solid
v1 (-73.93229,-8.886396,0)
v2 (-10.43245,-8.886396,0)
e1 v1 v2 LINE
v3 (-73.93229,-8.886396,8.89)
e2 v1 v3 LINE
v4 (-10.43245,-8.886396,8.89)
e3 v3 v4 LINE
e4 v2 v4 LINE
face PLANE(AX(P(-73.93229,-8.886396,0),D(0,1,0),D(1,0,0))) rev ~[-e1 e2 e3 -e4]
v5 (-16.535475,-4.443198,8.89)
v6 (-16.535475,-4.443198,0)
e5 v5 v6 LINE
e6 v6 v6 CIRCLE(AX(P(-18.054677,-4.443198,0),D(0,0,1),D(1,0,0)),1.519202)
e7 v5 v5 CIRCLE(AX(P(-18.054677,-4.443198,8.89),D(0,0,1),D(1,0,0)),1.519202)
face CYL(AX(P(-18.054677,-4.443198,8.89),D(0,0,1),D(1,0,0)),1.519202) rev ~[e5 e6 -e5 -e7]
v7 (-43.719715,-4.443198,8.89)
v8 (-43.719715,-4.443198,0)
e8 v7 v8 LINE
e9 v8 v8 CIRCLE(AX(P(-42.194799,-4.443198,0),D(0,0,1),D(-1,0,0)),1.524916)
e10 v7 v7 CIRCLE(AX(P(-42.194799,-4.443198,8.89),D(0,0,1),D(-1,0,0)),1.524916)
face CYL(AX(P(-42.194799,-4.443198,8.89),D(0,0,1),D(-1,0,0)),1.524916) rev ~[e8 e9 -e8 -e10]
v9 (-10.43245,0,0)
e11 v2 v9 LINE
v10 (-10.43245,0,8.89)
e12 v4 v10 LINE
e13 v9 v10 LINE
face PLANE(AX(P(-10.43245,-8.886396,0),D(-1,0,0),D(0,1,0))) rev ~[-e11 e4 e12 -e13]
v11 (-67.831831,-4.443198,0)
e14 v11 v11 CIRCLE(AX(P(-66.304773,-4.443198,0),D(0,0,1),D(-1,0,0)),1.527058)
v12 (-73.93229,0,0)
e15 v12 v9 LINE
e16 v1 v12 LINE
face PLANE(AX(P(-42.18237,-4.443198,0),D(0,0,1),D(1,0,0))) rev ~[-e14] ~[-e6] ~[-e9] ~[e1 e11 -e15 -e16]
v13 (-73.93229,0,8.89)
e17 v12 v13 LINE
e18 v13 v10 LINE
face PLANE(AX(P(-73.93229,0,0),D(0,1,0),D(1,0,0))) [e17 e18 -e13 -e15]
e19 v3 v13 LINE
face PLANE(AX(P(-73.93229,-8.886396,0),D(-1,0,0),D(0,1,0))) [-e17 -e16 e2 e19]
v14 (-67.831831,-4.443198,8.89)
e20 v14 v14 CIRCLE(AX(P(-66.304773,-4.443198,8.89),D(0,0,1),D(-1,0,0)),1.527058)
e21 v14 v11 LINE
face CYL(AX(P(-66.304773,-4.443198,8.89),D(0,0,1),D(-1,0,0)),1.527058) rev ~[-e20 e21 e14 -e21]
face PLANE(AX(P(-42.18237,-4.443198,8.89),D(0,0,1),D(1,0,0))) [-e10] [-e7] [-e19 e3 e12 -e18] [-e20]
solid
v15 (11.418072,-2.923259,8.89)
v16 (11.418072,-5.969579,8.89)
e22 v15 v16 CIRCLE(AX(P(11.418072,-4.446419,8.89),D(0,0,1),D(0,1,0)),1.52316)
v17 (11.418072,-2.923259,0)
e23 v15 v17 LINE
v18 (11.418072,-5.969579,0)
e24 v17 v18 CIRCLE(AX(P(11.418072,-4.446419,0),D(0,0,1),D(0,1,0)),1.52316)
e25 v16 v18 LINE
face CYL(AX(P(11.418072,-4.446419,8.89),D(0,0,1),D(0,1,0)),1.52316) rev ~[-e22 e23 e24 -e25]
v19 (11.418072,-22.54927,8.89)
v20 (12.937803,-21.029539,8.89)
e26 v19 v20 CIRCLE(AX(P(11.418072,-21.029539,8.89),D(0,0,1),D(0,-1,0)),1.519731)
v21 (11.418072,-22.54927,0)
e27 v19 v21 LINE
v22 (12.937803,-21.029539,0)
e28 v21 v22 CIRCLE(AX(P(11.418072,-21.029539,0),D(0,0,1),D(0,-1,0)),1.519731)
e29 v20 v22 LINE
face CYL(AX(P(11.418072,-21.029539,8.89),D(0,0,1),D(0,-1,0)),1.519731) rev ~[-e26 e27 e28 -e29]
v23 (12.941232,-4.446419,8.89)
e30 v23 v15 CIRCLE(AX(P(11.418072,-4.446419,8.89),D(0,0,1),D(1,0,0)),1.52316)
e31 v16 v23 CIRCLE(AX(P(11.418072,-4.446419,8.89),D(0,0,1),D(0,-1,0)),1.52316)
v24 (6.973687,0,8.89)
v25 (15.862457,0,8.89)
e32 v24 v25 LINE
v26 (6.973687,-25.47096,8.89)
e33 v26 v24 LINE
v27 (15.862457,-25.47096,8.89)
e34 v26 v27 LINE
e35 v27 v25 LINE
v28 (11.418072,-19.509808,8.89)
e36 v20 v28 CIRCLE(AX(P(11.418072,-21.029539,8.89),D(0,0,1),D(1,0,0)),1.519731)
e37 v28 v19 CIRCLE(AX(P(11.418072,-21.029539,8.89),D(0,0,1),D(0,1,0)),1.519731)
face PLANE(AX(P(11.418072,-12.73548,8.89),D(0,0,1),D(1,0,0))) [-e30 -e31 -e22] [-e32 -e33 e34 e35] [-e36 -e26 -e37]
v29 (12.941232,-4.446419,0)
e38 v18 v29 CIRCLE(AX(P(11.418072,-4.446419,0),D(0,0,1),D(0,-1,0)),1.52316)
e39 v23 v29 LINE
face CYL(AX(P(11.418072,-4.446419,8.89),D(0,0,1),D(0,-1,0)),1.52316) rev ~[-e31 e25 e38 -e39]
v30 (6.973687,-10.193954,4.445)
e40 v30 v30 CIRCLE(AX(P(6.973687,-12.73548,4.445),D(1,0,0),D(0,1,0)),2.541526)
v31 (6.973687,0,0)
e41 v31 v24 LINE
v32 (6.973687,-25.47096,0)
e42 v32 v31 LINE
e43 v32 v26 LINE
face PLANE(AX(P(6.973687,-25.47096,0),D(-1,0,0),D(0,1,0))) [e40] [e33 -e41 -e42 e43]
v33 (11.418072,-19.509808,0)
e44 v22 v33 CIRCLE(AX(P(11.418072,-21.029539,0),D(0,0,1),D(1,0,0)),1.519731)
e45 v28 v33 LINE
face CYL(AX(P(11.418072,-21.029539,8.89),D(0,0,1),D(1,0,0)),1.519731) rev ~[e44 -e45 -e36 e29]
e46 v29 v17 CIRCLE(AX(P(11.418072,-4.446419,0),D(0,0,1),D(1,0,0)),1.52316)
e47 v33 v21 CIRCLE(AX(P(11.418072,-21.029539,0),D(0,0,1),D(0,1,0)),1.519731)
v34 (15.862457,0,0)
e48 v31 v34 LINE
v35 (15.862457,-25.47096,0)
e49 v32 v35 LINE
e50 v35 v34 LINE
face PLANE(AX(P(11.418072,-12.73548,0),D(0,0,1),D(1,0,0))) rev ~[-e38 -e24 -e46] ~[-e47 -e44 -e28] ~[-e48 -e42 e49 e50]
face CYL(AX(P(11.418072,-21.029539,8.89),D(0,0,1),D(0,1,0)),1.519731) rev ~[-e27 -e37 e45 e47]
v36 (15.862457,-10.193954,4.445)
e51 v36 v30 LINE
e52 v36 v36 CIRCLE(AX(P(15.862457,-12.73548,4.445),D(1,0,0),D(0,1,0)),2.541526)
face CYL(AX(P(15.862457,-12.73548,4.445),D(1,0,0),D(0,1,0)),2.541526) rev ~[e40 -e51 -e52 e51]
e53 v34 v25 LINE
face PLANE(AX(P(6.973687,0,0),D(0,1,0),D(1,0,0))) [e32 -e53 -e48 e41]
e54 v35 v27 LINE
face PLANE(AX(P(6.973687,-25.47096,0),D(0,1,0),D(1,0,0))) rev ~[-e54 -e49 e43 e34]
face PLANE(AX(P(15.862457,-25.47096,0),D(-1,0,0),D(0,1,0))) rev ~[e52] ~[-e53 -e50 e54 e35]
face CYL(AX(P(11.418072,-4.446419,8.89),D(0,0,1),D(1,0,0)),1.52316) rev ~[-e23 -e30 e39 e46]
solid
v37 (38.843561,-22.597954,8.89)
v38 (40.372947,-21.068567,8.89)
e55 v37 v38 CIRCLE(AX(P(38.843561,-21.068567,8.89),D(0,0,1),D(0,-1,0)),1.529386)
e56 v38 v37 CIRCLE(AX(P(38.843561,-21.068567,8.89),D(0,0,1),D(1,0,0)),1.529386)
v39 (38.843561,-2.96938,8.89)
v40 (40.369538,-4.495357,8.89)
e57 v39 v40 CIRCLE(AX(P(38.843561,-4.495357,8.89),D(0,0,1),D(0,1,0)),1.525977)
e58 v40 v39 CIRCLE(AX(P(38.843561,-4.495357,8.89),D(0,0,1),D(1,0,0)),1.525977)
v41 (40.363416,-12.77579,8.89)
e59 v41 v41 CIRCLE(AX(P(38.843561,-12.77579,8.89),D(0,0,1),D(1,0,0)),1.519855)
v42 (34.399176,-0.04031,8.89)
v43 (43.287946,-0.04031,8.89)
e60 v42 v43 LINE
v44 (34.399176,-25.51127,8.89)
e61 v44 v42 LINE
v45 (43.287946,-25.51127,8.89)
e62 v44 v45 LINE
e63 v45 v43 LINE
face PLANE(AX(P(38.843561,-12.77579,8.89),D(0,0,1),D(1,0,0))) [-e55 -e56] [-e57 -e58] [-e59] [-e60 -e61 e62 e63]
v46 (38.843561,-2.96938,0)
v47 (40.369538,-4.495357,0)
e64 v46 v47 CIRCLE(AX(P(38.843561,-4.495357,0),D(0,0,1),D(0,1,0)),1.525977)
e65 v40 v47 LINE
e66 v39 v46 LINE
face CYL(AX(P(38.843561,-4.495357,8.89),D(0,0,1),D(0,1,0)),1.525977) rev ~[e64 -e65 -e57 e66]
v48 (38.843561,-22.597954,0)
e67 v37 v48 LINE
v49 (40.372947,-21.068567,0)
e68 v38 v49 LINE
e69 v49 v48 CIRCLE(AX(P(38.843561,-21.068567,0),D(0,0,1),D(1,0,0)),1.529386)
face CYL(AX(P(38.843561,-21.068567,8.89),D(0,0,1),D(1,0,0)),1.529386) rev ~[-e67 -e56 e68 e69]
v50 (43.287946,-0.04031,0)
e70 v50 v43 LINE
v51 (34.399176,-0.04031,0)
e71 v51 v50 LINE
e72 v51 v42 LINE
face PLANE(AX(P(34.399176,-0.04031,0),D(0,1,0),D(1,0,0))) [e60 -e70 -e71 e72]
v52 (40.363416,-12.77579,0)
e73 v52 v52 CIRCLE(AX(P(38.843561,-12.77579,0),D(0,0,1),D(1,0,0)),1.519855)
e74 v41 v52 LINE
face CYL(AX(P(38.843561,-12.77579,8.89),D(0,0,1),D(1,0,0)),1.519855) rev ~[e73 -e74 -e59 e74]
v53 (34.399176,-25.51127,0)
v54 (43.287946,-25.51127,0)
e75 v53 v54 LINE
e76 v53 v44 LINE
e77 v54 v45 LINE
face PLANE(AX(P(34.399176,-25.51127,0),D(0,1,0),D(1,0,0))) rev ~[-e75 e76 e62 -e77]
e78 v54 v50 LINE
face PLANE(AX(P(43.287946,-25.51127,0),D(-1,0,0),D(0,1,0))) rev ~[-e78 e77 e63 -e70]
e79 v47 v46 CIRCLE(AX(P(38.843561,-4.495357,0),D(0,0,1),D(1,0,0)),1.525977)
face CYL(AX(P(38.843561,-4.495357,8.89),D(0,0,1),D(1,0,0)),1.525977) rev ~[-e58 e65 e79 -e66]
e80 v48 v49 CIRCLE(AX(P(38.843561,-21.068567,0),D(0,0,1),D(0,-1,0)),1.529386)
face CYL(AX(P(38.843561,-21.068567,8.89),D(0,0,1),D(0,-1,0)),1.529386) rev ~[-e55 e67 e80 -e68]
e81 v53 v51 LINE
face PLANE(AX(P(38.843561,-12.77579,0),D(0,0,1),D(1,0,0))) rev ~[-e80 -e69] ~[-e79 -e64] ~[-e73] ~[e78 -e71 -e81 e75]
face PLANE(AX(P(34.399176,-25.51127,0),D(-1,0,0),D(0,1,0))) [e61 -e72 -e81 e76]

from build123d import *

# Parameters (mm, degrees)
F0_W      = 63.4998399764
F0_H      = 8.8863964193
F1_DEPTH  = 8.89
F4_W      = 8.8887698962
F4_H      = 25.4709599787
F5_DEPTH  = 8.89
F7_DEPTH  = 12.7
F9_DEPTH  = 25.4
F10_W     = 8.8887698962
F10_H     = 25.4709599787
F11_DEPTH = 8.89
F2_R      = 1.5192022955
F13_DEPTH = 25.4
F14_DEPTH = 25.4
F12_R     = 1.5198546865
F15_DEPTH = 25.4


with BuildPart() as f1:
    # F0 (on Top) → F1 (new body)
    with BuildSketch(Plane.XY):
        with Locations((-42.182370089, -4.4431982096)):
            Rectangle(F0_W, F0_H)
    extrude(amount=F1_DEPTH)

    # F2 (on face) → F13 (cut)
    with BuildSketch(Plane.XY.offset(8.89)):
        with BuildLine():
            ThreePointArc((-64.7777148179, -4.4431982096), (-66.3047730923, -2.9161399353), (-67.8318313666, -4.4431982096))
            ThreePointArc((-67.8318313666, -4.4431982096), (-66.3047730923, -5.970256484), (-64.7777148179, -4.4431982096))
        make_face()
        with Locations((-18.0546771735, -4.4431982096)):
            Circle(F2_R)
    extrude(amount=-F13_DEPTH, mode=Mode.SUBTRACT)

    # F3 (on face) → F14 (cut)
    with BuildSketch(Plane.XY.offset(8.89)):
        with BuildLine():
            ThreePointArc((-40.6698822216, -4.4431982096), (-42.1947985888, -2.9182818425), (-43.7197149559, -4.4431982096))
            ThreePointArc((-43.7197149559, -4.4431982096), (-42.1947985888, -5.9681145768), (-40.6698822216, -4.4431982096))
        make_face()
    extrude(amount=-F14_DEPTH, mode=Mode.SUBTRACT)


with BuildPart() as f5:
    # F4 (on Top) → F5 (new body)
    with BuildSketch(Plane.XY):
        with Locations((11.4180715748, -12.7354799894)):
            Rectangle(F4_W, F4_H)
    extrude(amount=F5_DEPTH)

    # F6 (on face) → F7 (cut)
    with BuildSketch(Plane.XY.offset(8.89)):
        with BuildLine():
            ThreePointArc((11.4180715748, -19.5098076149), (9.8983402367, -21.029538953), (11.4180715748, -22.5492702911))
            Line((11.4180715748, -22.5492702911), (11.4180715748, -21.029538953))
            Line((11.4180715748, -21.029538953), (11.4180715748, -19.5098076149))
        make_face()
        with BuildLine():
            Line((11.4180715748, -21.029538953), (11.4180715748, -22.5492702911))
            ThreePointArc((11.4180715748, -22.5492702911), (12.4926839095, -22.1041512878), (12.9378029129, -21.029538953))
            ThreePointArc((12.9378029129, -21.029538953), (12.4926839095, -19.9549266183), (11.4180715748, -19.5098076149))
            Line((11.4180715748, -19.5098076149), (11.4180715748, -21.029538953))
        make_face()
        with BuildLine():
            Line((11.4180715748, -4.4464189559), (11.4180715748, -2.9232586077))
            ThreePointArc((11.4180715748, -2.9232586077), (9.8949112265, -4.4464189559), (11.4180715748, -5.9695793042))
            Line((11.4180715748, -5.9695793042), (11.4180715748, -4.4464189559))
        make_face()
        with BuildLine():
            ThreePointArc((12.941231923, -4.4464189559), (12.4951085859, -3.3693819448), (11.4180715748, -2.9232586077))
            Line((11.4180715748, -2.9232586077), (11.4180715748, -4.4464189559))
            Line((11.4180715748, -4.4464189559), (11.4180715748, -5.9695793042))
            ThreePointArc((11.4180715748, -5.9695793042), (12.4951085859, -5.523455967), (12.941231923, -4.4464189559))
        make_face()
    extrude(amount=-F7_DEPTH, mode=Mode.SUBTRACT)

    # F8 (on face) → F9 (cut)
    with BuildSketch(Plane.YZ.offset(15.8624565229)):
        with BuildLine():
            Line((-10.1939541947, 4.445), (-12.7354799894, 4.445))
            Line((-12.7354799894, 4.445), (-15.2770057841, 4.445))
            ThreePointArc((-15.2770057841, 4.445), (-12.7354799894, 1.9034742053), (-10.1939541947, 4.445))
        make_face()
        with BuildLine():
            Line((-15.2770057841, 4.445), (-12.7354799894, 4.445))
            Line((-12.7354799894, 4.445), (-10.1939541947, 4.445))
            ThreePointArc((-10.1939541947, 4.445), (-12.7354799894, 6.9865257947), (-15.2770057841, 4.445))
        make_face()
    extrude(amount=-F9_DEPTH, mode=Mode.SUBTRACT)


with BuildPart() as f11:
    # F10 (on Top) → F11 (new body)
    with BuildSketch(Plane.XY):
        with Locations((38.8435609639, -12.7757902956)):
            Rectangle(F10_W, F10_H)
    extrude(amount=F11_DEPTH)

    # F12 (on face) → F15 (cut)
    with BuildSketch(Plane.XY.offset(8.89)):
        with BuildLine():
            ThreePointArc((40.3729472389, -21.0685674101), (37.7621215578, -19.987128004), (38.8435609639, -22.5979536851))
            ThreePointArc((38.8435609639, -22.5979536851), (39.92500037, -22.1500068162), (40.3729472389, -21.0685674101))
        make_face()
        with Locations((38.8435609639, -12.7757902956)):
            Circle(F12_R)
        with BuildLine():
            ThreePointArc((40.3695379503, -4.4953571633), (39.9225896389, -3.4163284882), (38.8435609639, -2.9693801768))
            ThreePointArc((38.8435609639, -2.9693801768), (37.7645322888, -5.5743858383), (40.3695379503, -4.4953571633))
        make_face()
    extrude(amount=-F15_DEPTH, mode=Mode.SUBTRACT)


solid = Compound([f1.part, f5.part, f11.part])
